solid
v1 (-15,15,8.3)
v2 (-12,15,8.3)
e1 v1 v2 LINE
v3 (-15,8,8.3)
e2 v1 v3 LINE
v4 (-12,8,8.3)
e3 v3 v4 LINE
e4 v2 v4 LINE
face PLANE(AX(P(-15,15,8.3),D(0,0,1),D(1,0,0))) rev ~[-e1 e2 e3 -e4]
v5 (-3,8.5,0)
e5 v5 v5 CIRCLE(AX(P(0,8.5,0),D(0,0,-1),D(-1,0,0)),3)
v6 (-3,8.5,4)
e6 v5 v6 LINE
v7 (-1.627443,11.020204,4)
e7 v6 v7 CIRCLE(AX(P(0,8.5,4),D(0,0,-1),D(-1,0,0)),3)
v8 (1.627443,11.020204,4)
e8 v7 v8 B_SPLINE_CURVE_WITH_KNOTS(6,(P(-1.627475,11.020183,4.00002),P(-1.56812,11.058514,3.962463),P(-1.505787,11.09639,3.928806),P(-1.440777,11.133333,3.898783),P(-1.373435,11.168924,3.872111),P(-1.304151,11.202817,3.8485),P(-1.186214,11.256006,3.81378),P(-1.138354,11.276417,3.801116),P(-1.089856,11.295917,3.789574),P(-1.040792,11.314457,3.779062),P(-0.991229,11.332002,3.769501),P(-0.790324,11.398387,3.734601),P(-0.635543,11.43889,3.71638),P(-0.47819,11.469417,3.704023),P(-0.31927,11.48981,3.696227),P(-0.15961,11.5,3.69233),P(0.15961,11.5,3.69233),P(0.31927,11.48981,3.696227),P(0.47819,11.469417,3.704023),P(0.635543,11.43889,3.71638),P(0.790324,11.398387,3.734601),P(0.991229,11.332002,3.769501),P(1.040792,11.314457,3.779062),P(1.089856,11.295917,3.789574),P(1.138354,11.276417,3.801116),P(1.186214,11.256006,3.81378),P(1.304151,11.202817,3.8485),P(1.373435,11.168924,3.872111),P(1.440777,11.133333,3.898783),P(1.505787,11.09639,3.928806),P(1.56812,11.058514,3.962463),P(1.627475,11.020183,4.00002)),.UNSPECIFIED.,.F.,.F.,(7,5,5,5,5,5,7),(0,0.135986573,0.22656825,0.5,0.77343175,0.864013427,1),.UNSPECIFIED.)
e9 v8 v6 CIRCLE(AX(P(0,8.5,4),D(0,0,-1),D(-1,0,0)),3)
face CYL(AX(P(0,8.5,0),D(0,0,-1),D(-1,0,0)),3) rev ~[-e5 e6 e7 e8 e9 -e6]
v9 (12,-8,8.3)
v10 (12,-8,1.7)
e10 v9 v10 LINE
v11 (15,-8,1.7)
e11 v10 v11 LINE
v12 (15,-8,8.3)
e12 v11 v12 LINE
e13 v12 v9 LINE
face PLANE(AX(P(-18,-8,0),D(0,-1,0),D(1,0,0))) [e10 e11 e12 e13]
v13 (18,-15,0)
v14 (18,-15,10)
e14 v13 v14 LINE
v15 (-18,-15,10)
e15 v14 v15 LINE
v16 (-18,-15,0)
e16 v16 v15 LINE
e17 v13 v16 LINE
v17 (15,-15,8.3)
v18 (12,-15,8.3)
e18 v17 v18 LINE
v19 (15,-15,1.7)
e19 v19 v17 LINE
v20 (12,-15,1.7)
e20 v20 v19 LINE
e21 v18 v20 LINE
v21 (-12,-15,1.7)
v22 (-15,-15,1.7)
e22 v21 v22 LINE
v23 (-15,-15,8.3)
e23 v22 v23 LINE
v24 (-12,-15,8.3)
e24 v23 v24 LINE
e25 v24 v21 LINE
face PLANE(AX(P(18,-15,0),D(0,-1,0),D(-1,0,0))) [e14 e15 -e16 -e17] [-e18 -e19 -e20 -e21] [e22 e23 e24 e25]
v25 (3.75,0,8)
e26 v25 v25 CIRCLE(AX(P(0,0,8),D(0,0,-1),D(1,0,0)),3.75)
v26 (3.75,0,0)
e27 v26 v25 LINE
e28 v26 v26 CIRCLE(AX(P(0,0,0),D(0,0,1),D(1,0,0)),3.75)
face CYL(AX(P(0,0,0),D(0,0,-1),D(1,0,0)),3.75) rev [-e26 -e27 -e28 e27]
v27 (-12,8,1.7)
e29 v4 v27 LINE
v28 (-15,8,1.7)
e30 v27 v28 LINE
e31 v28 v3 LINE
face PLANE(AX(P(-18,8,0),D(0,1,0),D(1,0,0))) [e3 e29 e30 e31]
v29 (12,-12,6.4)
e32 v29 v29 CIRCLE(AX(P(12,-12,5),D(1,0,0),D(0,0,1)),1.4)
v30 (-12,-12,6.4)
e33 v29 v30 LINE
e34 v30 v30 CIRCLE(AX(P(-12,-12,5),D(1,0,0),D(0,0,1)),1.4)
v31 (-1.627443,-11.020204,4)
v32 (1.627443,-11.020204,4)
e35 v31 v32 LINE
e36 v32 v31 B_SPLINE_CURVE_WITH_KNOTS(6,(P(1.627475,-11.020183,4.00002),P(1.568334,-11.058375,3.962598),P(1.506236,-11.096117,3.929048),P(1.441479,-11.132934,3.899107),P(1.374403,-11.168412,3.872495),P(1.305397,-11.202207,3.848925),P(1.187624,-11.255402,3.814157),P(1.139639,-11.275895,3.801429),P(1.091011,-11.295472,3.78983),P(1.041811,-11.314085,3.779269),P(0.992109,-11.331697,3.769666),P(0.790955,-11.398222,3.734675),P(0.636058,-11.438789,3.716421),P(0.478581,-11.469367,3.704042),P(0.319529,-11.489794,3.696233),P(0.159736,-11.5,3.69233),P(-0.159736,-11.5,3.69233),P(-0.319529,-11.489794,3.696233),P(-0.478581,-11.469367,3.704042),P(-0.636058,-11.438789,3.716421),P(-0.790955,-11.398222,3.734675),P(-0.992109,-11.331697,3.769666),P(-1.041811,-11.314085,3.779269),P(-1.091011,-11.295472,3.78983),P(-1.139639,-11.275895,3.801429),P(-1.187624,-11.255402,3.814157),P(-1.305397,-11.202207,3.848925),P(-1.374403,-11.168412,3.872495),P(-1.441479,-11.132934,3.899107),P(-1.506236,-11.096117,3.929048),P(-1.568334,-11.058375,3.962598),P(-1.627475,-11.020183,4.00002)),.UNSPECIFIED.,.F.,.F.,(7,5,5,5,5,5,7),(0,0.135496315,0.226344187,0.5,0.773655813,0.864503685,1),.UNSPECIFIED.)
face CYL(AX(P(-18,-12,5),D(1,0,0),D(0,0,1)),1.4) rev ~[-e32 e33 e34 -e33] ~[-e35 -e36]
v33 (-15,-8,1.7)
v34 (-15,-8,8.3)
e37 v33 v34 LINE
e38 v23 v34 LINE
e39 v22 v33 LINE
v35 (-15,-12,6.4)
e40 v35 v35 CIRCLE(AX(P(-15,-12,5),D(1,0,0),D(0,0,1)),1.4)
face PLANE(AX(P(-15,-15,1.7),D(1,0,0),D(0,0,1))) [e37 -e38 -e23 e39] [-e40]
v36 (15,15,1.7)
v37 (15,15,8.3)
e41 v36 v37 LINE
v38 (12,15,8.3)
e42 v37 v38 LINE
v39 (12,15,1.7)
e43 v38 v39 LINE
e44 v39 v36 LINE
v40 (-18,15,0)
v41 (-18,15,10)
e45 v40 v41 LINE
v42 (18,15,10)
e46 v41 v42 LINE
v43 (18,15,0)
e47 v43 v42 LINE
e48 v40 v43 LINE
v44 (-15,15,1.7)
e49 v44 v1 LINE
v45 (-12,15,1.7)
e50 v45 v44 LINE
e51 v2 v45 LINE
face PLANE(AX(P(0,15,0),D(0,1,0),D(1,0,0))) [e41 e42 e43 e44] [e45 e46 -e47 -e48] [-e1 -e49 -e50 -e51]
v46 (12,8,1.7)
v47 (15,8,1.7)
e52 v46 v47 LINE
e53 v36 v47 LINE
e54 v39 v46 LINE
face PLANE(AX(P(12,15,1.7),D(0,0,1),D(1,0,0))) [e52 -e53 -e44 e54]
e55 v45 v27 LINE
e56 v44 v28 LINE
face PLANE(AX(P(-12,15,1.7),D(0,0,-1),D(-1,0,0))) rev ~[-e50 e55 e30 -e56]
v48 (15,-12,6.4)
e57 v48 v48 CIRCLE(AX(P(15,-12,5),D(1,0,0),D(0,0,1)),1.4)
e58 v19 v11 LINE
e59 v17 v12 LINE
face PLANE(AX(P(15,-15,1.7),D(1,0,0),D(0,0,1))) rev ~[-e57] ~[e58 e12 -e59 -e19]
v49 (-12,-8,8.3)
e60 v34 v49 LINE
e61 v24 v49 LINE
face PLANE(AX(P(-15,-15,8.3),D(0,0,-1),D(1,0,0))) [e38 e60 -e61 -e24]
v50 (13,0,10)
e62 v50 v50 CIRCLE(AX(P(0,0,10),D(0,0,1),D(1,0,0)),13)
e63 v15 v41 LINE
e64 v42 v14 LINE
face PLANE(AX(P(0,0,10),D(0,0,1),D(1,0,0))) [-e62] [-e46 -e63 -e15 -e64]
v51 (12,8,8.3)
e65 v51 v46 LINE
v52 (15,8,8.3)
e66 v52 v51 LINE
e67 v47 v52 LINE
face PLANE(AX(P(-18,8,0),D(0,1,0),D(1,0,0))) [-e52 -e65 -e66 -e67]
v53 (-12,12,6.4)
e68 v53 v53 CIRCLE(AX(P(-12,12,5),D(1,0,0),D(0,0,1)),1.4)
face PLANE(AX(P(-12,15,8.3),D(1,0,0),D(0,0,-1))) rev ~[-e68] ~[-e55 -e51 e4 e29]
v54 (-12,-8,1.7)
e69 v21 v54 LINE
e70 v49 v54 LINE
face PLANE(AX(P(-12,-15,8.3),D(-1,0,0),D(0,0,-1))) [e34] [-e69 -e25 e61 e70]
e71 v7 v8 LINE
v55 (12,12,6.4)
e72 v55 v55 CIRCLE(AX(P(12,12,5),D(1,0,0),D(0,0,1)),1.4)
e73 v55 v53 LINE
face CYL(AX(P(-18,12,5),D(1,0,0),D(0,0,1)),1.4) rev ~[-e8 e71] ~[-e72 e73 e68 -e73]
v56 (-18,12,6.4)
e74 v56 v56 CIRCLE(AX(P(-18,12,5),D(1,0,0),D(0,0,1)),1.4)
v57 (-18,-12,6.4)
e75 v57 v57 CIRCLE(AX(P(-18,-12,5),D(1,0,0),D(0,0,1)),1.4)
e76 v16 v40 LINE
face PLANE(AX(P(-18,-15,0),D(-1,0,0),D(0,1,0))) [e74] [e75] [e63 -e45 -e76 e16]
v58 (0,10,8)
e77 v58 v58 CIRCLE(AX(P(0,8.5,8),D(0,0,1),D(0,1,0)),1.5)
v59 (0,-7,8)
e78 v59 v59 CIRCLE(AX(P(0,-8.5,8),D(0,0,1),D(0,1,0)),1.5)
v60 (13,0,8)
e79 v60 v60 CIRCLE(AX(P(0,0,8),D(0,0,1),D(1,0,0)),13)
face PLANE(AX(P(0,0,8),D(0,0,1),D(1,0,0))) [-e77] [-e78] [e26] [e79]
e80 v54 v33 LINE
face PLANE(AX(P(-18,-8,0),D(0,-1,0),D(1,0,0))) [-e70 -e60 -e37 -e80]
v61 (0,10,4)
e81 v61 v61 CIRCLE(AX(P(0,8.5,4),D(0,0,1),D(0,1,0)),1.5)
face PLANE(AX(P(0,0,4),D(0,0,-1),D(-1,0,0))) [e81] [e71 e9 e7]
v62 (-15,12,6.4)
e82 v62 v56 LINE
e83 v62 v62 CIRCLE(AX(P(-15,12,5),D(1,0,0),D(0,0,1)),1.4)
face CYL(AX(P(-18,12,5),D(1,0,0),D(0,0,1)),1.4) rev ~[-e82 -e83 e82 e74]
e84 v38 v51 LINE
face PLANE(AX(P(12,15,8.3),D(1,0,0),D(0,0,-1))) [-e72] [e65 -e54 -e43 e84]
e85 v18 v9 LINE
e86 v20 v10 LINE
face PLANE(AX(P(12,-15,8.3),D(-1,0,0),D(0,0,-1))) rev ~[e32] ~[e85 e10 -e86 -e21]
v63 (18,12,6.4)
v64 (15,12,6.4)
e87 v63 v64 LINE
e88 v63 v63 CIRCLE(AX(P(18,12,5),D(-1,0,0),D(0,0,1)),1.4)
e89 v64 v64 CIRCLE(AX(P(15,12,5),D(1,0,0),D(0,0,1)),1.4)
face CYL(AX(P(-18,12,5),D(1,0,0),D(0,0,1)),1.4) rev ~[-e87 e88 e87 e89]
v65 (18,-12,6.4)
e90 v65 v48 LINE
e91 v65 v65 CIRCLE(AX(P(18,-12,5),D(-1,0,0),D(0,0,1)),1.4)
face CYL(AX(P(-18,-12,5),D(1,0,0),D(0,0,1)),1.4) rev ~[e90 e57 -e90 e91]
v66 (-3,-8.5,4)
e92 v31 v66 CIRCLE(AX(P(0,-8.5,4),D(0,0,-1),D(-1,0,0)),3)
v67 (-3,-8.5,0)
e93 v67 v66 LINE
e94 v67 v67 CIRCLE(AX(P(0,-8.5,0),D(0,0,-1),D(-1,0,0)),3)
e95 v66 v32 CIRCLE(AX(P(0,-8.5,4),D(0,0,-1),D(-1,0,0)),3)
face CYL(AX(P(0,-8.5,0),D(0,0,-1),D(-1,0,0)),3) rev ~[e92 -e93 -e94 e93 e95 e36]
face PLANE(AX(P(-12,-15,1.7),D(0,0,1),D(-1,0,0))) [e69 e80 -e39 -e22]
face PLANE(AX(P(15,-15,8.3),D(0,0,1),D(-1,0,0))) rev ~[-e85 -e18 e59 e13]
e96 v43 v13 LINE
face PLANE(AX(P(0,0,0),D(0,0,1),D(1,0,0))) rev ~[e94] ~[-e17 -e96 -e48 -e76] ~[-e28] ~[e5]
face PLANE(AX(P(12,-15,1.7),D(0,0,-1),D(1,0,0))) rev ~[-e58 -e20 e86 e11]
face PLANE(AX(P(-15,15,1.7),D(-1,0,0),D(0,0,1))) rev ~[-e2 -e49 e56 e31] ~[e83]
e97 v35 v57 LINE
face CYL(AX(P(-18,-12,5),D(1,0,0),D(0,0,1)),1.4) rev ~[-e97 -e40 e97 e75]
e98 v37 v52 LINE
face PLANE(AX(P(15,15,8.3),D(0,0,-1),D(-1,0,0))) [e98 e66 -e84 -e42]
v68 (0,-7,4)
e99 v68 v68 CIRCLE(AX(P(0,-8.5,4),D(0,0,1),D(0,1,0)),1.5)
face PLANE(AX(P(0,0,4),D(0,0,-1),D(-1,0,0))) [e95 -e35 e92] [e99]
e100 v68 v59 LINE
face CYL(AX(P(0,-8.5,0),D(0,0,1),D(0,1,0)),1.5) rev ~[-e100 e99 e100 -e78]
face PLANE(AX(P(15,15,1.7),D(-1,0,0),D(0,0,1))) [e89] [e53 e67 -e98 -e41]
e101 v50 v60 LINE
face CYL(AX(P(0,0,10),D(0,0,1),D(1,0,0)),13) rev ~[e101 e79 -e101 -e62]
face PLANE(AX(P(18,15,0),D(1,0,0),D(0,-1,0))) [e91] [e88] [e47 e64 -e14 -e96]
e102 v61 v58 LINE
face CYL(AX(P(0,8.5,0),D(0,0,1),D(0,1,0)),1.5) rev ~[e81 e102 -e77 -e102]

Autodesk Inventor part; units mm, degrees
ref_plane "YZ Plane" through (0, 0, 0) normal (1, 0, 0) x (0, 1, 0)
ref_plane "XZ Plane" through (0, 0, 0) normal (0, 1, 0) x (-1, 0, 0)
ref_plane "XY Plane" through (0, 0, 0) normal (0, 0, 1) x (1, 0, 0)
sketch "Sketch1" plane through (0, 0, 0) normal (0, 0, 1) x (1, 0, 0)
  circle A0 centre (0, 0) radius 15
  circle A1 centre (0, 0) radius 8.5
  line L0 (0, 8.5) -> (0, -8.5)
  circle A2 centre (0, 0) radius 3.75
  line L1 (18, -15) -> (-18, -15)
  line L2 (-18, -15) -> (-18, 15)
  line L3 (-18, 15) -> (18, 15)
  line L4 (18, 15) -> (18, -15)
  point P0 (0, 15)
  point P1 (0, -15)
  dimension "d0" = 30
  dimension "d1" = 17
  dimension "d2" = 7.5
  dimension "d15" = 30
  dimension "d16" = 36
  dimension "d17" = 18
  dimension "d18" = 15
extrude "Extrusion1" add sketch "Sketch1" along normal blind 10 contours A0 | A1 L0 A2 | L0 A2 A1
hole "Hole1" at (0, 8.5, 0) at (0, -8.5, 0) direction (0, 0, 1) diameter 3 end through all
sketch "Sketch2" plane through (0, 0, 10) normal (0, 0, 1) x (1, 0, 0)
  circle A0 centre (0, 0) radius 13
  dimension "d12" = 26
extrude "Extrusion2" cut sketch "Sketch2" against normal blind 2
extrude "Extrusion3" add sketch "Sketch1" along normal blind 10 contours A0 L3 L4 L1 | A0 L1 L2 L3
sketch "Sketch4" plane through (-18, -15, 0) normal (-1, 0, 0) x (0, 0, 1)
  line L0 (5, 27) -> (5, 3)
  line L1 (0, 30) -> (0, 0) projected
  line L2 (0, 0) -> (10, 0) projected
  line L3 (0, 30) -> (10, 30) projected
  point P0 (0, 15)
  dimension "d21" = 5
  dimension "d22" = 24
  dimension "d23" = 3
  dimension "d24" = 3
hole "Hole2" at (-18, 12, 5) at (-18, -12, 5) direction (1, 0, 0) diameter 2.8 end through all
sketch "Sketch5" plane through (18, -15, 0) normal (1, 0, 0) x (0, 0, -1)
  circle A0 centre (-5, 27) radius 1.4 projected
  line L0 (-5, 27) -> (-5, 3)
  line L1 (0, 5) -> (-8, 5) projected
  point P0 (0, 15)
  dimension "d32" = 24
hole "Hole3" at (18, 12, 5) at (18, -12, 5) direction (-1, 0, 0) diameter 2.8 depth 8
sketch "Sketch6" plane through (-18, -15, 0) normal (0, -1, 0) x (1, 0, 0)
  line L0 (3, 8.3) -> (6, 8.3)
  line L1 (6, 8.3) -> (6, 1.7)
  line L2 (6, 1.7) -> (3, 1.7)
  line L3 (3, 1.7) -> (3, 8.3)
  line L4 (0, 10) -> (36, 10) projected
  line L5 (0, 0) -> (0, 10) projected
  line L6 (33, 8.3) -> (30, 8.3)
  line L7 (30, 8.3) -> (30, 1.7)
  line L8 (30, 1.7) -> (33, 1.7)
  line L9 (33, 1.7) -> (33, 8.3)
  line L10 (36, 0) -> (36, 10) projected
  line L11 (0, 0) -> (36, 0) projected
  point P0 (18, 0)
  dimension "d40" = 6.6
  dimension "d41" = 3
  dimension "d42" = 1.7
  dimension "d43" = 3
  dimension "d44" = 3
  dimension "d45" = 3
  dimension "d46" = 6.6
  dimension "d47" = 1.7
extrude "Extrusion4" cut sketch "Sketch6" against normal blind 7 contours L0 L1 L2 L3 | L9 L8 L7 L6
sketch "Sketch7" plane through (-18, 15, 0) normal (0, 1, 0) x (1, 0, 0)
  line L0 (33, -8.3) -> (30, -8.3)
  line L1 (30, -8.3) -> (30, -1.7)
  line L2 (30, -1.7) -> (33, -1.7)
  line L3 (33, -1.7) -> (33, -8.3)
  line L4 (3, -8.3) -> (6, -8.3)
  line L5 (6, -8.3) -> (6, -1.7)
  line L6 (6, -1.7) -> (3, -1.7)
  line L7 (3, -1.7) -> (3, -8.3)
  line L8 (0, 0) -> (0, -10) projected
  line L9 (36, 0) -> (36, -10) projected
  line L10 (36, 0) -> (0, 0) projected
  point P0 (18, 0)
  dimension "d50" = 3
  dimension "d51" = 3
  dimension "d52" = 3
  dimension "d53" = 3
  dimension "d54" = 1.7
  dimension "d55" = 1.7
  dimension "d56" = 6.6
  dimension "d57" = 6.6
extrude "Extrusion5" cut sketch "Sketch7" against normal blind 7
sketch "Sketch8" plane through (0, 0, 0) normal (0, 0, -1) x (-1, 0, 0)
  circle A0 centre (0, -8.5) radius 1.5 projected
  circle A1 centre (0, 8.5) radius 1.5 projected
  circle A2 centre (0, -8.5) radius 1.5 projected
  circle A3 centre (0, -8.5) radius 3
  circle A4 centre (0, 8.5) radius 1.5 projected
  circle A5 centre (0, 8.5) radius 3
  point P0 (0, 0)
  dimension "d60" = 6
  dimension "d61" = 6
extrude "Extrusion6" cut sketch "Sketch8" against normal blind 4
properties part number "motorfogo" material "PC/ABS Plastic"
